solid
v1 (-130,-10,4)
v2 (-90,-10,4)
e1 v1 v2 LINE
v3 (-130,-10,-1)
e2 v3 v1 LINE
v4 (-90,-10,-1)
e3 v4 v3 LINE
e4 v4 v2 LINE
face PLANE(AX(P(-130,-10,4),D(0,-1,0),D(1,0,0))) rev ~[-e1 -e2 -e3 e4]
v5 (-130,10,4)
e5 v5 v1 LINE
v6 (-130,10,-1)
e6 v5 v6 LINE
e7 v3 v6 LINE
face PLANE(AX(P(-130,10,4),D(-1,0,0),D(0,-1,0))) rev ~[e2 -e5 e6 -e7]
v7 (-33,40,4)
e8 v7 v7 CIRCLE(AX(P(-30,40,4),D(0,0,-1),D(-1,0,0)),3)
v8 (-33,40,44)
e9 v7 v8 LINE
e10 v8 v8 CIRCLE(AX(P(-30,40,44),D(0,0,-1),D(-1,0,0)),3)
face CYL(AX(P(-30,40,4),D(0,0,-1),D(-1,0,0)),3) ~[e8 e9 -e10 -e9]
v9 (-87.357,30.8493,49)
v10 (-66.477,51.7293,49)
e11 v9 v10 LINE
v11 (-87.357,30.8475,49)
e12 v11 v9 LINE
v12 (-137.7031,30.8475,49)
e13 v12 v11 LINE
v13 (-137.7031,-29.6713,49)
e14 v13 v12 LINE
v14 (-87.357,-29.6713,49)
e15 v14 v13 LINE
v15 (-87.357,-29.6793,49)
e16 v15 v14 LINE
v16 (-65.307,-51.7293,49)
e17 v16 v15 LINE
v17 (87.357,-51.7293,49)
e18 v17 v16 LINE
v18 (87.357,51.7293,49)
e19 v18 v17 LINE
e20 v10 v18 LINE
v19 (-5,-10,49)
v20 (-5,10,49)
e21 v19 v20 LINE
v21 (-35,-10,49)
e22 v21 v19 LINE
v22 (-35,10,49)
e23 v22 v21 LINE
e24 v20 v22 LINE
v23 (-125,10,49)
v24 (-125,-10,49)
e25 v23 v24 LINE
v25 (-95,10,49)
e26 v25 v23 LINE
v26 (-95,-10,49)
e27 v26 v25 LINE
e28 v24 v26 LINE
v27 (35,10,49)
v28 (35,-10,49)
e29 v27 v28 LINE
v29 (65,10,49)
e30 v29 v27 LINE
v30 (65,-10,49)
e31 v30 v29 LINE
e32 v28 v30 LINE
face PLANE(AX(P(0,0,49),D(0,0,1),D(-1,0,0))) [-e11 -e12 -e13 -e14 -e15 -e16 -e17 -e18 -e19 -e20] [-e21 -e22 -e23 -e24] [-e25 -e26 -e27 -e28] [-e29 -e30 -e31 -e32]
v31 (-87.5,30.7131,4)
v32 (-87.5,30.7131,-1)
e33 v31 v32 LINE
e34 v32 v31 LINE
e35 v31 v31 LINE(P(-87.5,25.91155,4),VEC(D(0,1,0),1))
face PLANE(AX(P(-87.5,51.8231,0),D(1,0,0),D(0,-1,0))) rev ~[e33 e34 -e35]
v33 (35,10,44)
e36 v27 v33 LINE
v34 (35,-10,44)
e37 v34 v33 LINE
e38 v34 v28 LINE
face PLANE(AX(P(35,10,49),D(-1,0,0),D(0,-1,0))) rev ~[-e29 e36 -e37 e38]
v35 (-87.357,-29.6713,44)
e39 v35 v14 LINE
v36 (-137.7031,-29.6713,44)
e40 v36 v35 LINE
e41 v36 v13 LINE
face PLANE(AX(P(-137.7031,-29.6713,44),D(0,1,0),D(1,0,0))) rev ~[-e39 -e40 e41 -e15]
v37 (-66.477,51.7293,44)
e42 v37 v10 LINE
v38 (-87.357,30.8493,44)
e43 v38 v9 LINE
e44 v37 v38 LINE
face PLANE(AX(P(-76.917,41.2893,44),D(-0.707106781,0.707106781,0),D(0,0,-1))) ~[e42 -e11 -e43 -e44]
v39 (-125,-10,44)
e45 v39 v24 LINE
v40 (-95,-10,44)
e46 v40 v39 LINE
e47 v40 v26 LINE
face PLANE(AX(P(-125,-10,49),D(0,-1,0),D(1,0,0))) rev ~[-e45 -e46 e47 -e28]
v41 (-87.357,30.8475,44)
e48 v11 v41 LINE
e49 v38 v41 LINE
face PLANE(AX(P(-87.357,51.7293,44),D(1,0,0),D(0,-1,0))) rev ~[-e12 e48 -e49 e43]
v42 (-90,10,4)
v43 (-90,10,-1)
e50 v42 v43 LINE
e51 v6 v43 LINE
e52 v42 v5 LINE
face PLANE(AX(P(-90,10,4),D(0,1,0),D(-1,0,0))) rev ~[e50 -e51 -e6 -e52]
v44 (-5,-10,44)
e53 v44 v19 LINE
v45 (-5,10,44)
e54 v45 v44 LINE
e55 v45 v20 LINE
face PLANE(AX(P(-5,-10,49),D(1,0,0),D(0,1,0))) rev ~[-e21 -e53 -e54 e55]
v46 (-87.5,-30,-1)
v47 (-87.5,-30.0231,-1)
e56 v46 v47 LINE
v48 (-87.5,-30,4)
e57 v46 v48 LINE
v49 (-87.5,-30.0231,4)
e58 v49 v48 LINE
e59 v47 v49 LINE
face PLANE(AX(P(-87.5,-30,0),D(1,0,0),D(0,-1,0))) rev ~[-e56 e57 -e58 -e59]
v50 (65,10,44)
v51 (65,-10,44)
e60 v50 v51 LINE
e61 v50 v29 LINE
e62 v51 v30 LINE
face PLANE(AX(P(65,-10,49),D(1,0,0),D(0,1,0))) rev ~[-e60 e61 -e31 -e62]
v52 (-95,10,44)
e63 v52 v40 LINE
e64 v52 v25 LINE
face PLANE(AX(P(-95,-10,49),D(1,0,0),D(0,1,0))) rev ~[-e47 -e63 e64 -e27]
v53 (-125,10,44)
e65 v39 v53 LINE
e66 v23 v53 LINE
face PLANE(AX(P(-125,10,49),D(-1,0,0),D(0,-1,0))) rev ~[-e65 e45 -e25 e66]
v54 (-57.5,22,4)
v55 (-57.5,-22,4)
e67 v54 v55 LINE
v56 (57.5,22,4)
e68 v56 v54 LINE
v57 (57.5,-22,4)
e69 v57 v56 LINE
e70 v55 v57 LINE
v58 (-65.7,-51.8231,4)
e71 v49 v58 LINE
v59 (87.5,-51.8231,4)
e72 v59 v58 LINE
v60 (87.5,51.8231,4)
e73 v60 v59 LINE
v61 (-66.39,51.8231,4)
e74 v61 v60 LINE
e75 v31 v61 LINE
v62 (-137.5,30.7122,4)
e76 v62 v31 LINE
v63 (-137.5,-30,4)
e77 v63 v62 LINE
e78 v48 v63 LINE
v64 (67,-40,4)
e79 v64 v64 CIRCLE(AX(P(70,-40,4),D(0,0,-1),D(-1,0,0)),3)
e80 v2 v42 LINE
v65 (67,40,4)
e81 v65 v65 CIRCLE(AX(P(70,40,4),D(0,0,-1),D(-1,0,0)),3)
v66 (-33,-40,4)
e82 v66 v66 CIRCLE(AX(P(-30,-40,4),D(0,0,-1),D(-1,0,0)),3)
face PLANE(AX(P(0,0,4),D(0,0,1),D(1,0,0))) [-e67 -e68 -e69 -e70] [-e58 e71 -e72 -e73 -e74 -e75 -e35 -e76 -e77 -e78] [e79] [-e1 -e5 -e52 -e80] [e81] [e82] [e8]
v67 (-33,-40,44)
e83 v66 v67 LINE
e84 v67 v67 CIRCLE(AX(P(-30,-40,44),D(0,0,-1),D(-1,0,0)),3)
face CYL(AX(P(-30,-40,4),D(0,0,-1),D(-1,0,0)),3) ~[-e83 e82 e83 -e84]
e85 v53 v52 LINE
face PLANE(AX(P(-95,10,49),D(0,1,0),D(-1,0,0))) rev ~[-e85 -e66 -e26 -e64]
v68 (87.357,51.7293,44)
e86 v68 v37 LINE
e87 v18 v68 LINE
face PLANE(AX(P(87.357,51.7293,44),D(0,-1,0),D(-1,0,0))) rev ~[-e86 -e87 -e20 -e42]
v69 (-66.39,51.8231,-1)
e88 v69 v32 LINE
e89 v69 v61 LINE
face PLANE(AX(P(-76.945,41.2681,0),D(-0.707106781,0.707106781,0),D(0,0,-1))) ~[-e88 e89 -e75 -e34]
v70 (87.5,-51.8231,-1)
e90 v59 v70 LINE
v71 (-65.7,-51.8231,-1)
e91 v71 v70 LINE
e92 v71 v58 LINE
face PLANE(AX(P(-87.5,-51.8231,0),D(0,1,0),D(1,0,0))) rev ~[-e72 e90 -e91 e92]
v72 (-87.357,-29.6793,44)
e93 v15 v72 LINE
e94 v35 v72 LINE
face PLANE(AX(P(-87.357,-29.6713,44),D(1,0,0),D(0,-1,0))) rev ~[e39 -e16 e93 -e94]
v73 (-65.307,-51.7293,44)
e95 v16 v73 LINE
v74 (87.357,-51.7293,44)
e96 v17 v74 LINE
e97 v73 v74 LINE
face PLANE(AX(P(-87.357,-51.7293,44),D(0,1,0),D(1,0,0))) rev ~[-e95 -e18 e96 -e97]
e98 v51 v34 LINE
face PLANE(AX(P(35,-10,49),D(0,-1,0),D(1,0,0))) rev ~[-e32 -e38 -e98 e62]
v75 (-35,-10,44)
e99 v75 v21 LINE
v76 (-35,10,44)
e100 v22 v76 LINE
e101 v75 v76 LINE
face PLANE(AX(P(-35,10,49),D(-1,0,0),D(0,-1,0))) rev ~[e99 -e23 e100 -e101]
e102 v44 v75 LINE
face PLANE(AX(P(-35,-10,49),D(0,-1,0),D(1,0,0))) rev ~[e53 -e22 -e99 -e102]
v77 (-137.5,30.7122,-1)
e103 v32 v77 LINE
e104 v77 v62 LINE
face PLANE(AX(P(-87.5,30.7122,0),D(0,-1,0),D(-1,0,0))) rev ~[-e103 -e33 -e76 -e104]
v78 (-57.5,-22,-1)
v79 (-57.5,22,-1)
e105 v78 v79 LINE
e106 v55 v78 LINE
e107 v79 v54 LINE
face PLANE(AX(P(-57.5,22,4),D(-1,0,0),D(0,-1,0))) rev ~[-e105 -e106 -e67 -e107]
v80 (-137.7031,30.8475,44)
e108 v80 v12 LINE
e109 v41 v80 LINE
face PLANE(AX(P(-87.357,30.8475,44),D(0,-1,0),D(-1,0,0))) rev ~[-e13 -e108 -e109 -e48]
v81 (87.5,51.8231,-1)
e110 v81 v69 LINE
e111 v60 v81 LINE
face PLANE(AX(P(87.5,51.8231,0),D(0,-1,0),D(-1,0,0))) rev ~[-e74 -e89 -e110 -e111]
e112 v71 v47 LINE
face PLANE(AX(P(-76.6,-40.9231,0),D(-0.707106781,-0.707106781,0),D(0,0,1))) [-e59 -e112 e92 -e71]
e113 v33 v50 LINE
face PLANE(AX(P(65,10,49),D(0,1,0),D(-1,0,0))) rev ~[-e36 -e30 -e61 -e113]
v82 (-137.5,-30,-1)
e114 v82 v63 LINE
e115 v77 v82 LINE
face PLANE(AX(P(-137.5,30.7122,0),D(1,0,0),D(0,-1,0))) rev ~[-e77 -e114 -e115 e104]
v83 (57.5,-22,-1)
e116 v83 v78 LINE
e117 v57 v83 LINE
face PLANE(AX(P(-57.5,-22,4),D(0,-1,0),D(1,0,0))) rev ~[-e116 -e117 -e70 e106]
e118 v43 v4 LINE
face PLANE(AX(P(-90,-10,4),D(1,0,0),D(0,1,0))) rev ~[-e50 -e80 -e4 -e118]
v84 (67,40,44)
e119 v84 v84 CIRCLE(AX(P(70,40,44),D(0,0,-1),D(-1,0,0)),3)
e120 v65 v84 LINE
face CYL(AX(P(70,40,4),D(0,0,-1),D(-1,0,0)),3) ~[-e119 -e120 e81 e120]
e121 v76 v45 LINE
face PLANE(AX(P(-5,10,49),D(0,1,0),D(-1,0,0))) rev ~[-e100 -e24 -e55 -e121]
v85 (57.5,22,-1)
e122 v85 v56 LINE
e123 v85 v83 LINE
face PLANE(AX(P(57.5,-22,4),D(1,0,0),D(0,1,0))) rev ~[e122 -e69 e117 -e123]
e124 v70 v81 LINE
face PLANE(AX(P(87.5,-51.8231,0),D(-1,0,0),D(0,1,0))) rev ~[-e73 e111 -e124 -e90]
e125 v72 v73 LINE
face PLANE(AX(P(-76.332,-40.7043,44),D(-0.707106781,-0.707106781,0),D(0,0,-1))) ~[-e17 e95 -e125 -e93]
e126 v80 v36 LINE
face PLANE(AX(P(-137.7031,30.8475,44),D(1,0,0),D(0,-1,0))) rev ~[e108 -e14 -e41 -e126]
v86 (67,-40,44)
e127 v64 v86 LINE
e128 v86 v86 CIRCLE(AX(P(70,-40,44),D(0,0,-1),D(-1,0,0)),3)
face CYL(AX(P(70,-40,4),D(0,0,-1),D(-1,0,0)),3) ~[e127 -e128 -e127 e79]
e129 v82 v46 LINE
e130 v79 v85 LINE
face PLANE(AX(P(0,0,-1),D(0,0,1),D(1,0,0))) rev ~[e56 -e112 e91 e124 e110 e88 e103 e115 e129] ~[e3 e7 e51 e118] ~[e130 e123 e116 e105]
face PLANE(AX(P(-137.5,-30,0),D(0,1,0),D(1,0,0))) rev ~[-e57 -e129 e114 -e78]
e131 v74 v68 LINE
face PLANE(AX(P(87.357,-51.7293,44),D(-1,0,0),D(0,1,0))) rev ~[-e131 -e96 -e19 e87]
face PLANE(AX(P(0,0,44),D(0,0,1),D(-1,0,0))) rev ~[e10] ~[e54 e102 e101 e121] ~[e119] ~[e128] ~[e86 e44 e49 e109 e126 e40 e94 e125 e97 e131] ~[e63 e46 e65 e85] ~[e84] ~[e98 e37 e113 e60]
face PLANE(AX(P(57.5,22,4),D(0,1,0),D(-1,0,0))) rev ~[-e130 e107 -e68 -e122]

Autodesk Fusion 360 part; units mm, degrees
sketch "Sketch1" plane through (0, 0, 0) normal (0, 0, 1) x (1, 0, 0)
  line L0 (87.5, 51.8231) -> (-87.5, 51.8231)
  line L1 (-87.5, 51.8231) -> (-87.5, -51.8231)
  line L2 (-87.5, -51.8231) -> (87.5, -51.8231)
  line L3 (87.5, -51.8231) -> (87.5, 51.8231)
  line L4 (87.5, 51.8231) -> (-87.5, -51.8231) construction
  line L5 (-87.5, 51.8231) -> (87.5, -51.8231) construction
  line L6 (-87.5, 30.7122) -> (-137.5, 30.7122)
  line L7 (-137.5, 30.7122) -> (-137.5, -30)
  line L8 (-137.5, -30) -> (-87.5, -30)
  line L9 (-87.5, -30) -> (-87.5, 30.7122)
  dimension "d1" = 175
  dimension "d2" = 50
extrude "Extrude1" add sketch "Sketch1" along normal blind 4 makes body 1
chamfer "Chamfer1" distance 21.8 angle 45 1 edges at (-87.5, -51.8231, 2) on bodies 1
chamfer "Chamfer2" distance 21.11 angle 45 1 edges at (-87.5, 51.8231, 2) on bodies 1
sketch "Sketch2" plane through (0, 0, 4) normal (0, 0, 1) x (-1, 0, 0)
  line L0 (66.39, -51.8231) -> (87.5, -30.7131)
  line L1 (87.5, -30.7131) -> (87.5, -30.7122)
  line L2 (87.5, -30.7122) -> (137.5, -30.7122)
  line L3 (137.5, -30.7122) -> (137.5, 30)
  line L4 (137.5, 30) -> (87.5, 30)
  line L5 (87.5, 30) -> (87.5, 30.0231)
  line L6 (87.5, 30.0231) -> (65.7, 51.8231)
  line L7 (65.7, 51.8231) -> (-87.5, 51.8231)
  line L8 (-87.5, 51.8231) -> (-87.5, -51.8231)
  line L9 (-87.5, -51.8231) -> (66.39, -51.8231)
  line L10 (130, 10) -> (90, 10)
  line L11 (90, 10) -> (90, -10)
  line L12 (90, -10) -> (130, -10)
  line L13 (130, -10) -> (130, 10)
  line L14 (130, 10) -> (90, -10) construction
  line L15 (90, 10) -> (130, -10) construction
  point P0 (110, 0)
  dimension "d7" = 40
  dimension "d8" = 20
extrude "Extrude2" cut sketch "Sketch2" against normal blind 70 contours L10 L11 L12 L13 bodies 1
sketch "Sketch3" plane through (0, 0, 4) normal (0, 0, 1) x (-1, 0, 0)
  line L0 (90, 10) -> (130, 10)
  line L1 (130, 10) -> (130, -10)
  line L2 (130, -10) -> (90, -10)
  line L3 (90, -10) -> (90, 10)
  line L4 (66.39, -51.8231) -> (87.5, -30.7131)
  line L5 (87.5, -30.7131) -> (87.5, -30.7122)
  line L6 (87.5, -30.7122) -> (137.5, -30.7122)
  line L7 (137.5, -30.7122) -> (137.5, 30)
  line L8 (137.5, 30) -> (87.5, 30)
  line L9 (87.5, 30) -> (87.5, 30.0231)
  line L10 (87.5, 30.0231) -> (65.7, 51.8231)
  line L11 (65.7, 51.8231) -> (-87.5, 51.8231)
  line L12 (-87.5, 51.8231) -> (-87.5, -51.8231)
  line L13 (-87.5, -51.8231) -> (66.39, -51.8231)
  line L14 (-57.5, -22) -> (57.5, -22)
  line L15 (57.5, -22) -> (57.5, 22)
  line L16 (57.5, 22) -> (-57.5, 22)
  line L17 (-57.5, 22) -> (-57.5, -22)
  line L18 (-57.5, -22) -> (57.5, 22) construction
  line L19 (57.5, -22) -> (-57.5, 22) construction
  dimension "d11" = 115
  dimension "d12" = 44
extrude "Extrude3" cut sketch "Sketch3" against normal blind 50 contours L14 L15 L16 L17 bodies 1
sketch "Sketch4" plane through (0, 0, 4) normal (0, 0, 1) x (-1, 0, 0)
  line L0 (57.5, -22) -> (-57.5, -22)
  line L1 (-57.5, -22) -> (-57.5, 22)
  line L2 (-57.5, 22) -> (57.5, 22)
  line L3 (57.5, 22) -> (57.5, -22)
  line L4 (90, 10) -> (130, 10)
  line L5 (130, 10) -> (130, -10)
  line L6 (130, -10) -> (90, -10)
  line L7 (90, -10) -> (90, 10)
  line L8 (66.39, -51.8231) -> (87.5, -30.7131)
  line L9 (87.5, -30.7131) -> (87.5, -30.7122)
  line L10 (87.5, -30.7122) -> (137.5, -30.7122)
  line L11 (137.5, -30.7122) -> (137.5, 30)
  line L12 (137.5, 30) -> (87.5, 30)
  line L13 (87.5, 30) -> (87.5, 30.0231)
  line L14 (87.5, 30.0231) -> (65.7, 51.8231)
  line L15 (65.7, 51.8231) -> (-87.5, 51.8231)
  line L16 (-87.5, 51.8231) -> (-87.5, -51.8231)
  line L17 (-87.5, -51.8231) -> (66.39, -51.8231)
  circle A0 centre (30, -40) radius 3
  circle A1 centre (30, 40) radius 3
  circle A2 centre (-70, 40) radius 3
  circle A3 centre (-70, -40) radius 3
  dimension "d15" = 6
  dimension "d16" = 6
  dimension "d17" = 6
  dimension "d18" = 6
extrude "Extrude4" add sketch "Sketch4" along normal blind 40 contours A0 | A1 | A2 | A3 bodies 1
sketch "Sketch5" plane through (0, 0, 44) normal (0, 0, 1) x (-1, 0, 0)
  circle A0 centre (30, 40) radius 3
  line L0 (-87.357, -51.7293) -> (87.357, -51.7293)
  line L1 (87.357, -51.7293) -> (87.357, 51.7293)
  line L2 (87.357, 51.7293) -> (-87.357, 51.7293)
  line L3 (-87.357, 51.7293) -> (-87.357, -51.7293)
  line L4 (-87.357, -51.7293) -> (87.357, 51.7293) construction
  line L5 (87.357, -51.7293) -> (-87.357, 51.7293) construction
  line L6 (87.357, -30.8475) -> (137.7031, -30.8475)
  line L7 (137.7031, -30.8475) -> (137.7031, 29.6713)
  line L8 (137.7031, 29.6713) -> (87.357, 29.6713)
  line L9 (87.357, 29.6713) -> (87.357, -30.8475)
extrude "Extrude5" add sketch "Sketch5" along normal blind 5 separate body makes body 2
sketch "Sketch6" plane through (0, 0, 44) normal (0, 0, 1) x (-1, 0, 0)
  circle A0 centre (30, 40) radius 3
  circle A1 centre (30, 40) radius 3
  dimension "d23" = 6
extrude "Extrude6" add sketch "Sketch6" along normal blind 5 bodies 1 2
chamfer "Chamfer3" distance 22.05 angle 45 1 edges at (-87.357, -51.7293, 46.5) on bodies 1
chamfer "Chamfer4" distance 20.88 angle 45 1 edges at (-87.357, 51.7293, 46.5) on bodies 1
sketch "Sketch7" plane through (0, 0, 49) normal (0, 0, 1) x (-1, 0, 0)
  line L0 (66.477, -51.7293) -> (87.357, -30.8493)
  line L1 (87.357, -30.8493) -> (87.357, -30.8475)
  line L2 (87.357, -30.8475) -> (137.7031, -30.8475)
  line L3 (137.7031, -30.8475) -> (137.7031, 29.6713)
  line L4 (137.7031, 29.6713) -> (87.357, 29.6713)
  line L5 (87.357, 29.6713) -> (87.357, 29.6793)
  line L6 (87.357, 29.6793) -> (65.307, 51.7293)
  line L7 (65.307, 51.7293) -> (-87.357, 51.7293)
  line L8 (-87.357, 51.7293) -> (-87.357, -51.7293)
  line L9 (-87.357, -51.7293) -> (66.477, -51.7293)
  line L10 (-35, 10) -> (-65, 10)
  line L11 (-65, 10) -> (-65, -10)
  line L12 (-65, -10) -> (-35, -10)
  line L13 (-35, -10) -> (-35, 10)
  line L14 (-35, 10) -> (-65, -10) construction
  line L15 (-65, 10) -> (-35, -10) construction
  line L16 (35, 10) -> (5, 10)
  line L17 (5, 10) -> (5, -10)
  line L18 (5, -10) -> (35, -10)
  line L19 (35, -10) -> (35, 10)
  line L20 (35, 10) -> (5, -10) construction
  line L21 (5, 10) -> (35, -10) construction
  line L22 (125, 10) -> (95, 10)
  line L23 (95, 10) -> (95, -10)
  line L24 (95, -10) -> (125, -10)
  line L25 (125, -10) -> (125, 10)
  line L26 (125, 10) -> (95, -10) construction
  line L27 (95, 10) -> (125, -10) construction
  point P0 (-50, 0)
  point P1 (20, 0)
  point P2 (110, 0)
  dimension "d28" = 30
  dimension "d29" = 20
  dimension "d30" = 30
  dimension "d31" = 20
  dimension "d32" = 30
  dimension "d33" = 20
extrude "Extrude7" cut sketch "Sketch7" against normal blind 15 contours L10 L11 L12 L13 | L16 L17 L18 L19 | L22 L23 L24 L25 bodies 1
move_face "OffsetFaces1" offset 1 1 faces at (26.2033, 41.882, 0) on bodies 1
